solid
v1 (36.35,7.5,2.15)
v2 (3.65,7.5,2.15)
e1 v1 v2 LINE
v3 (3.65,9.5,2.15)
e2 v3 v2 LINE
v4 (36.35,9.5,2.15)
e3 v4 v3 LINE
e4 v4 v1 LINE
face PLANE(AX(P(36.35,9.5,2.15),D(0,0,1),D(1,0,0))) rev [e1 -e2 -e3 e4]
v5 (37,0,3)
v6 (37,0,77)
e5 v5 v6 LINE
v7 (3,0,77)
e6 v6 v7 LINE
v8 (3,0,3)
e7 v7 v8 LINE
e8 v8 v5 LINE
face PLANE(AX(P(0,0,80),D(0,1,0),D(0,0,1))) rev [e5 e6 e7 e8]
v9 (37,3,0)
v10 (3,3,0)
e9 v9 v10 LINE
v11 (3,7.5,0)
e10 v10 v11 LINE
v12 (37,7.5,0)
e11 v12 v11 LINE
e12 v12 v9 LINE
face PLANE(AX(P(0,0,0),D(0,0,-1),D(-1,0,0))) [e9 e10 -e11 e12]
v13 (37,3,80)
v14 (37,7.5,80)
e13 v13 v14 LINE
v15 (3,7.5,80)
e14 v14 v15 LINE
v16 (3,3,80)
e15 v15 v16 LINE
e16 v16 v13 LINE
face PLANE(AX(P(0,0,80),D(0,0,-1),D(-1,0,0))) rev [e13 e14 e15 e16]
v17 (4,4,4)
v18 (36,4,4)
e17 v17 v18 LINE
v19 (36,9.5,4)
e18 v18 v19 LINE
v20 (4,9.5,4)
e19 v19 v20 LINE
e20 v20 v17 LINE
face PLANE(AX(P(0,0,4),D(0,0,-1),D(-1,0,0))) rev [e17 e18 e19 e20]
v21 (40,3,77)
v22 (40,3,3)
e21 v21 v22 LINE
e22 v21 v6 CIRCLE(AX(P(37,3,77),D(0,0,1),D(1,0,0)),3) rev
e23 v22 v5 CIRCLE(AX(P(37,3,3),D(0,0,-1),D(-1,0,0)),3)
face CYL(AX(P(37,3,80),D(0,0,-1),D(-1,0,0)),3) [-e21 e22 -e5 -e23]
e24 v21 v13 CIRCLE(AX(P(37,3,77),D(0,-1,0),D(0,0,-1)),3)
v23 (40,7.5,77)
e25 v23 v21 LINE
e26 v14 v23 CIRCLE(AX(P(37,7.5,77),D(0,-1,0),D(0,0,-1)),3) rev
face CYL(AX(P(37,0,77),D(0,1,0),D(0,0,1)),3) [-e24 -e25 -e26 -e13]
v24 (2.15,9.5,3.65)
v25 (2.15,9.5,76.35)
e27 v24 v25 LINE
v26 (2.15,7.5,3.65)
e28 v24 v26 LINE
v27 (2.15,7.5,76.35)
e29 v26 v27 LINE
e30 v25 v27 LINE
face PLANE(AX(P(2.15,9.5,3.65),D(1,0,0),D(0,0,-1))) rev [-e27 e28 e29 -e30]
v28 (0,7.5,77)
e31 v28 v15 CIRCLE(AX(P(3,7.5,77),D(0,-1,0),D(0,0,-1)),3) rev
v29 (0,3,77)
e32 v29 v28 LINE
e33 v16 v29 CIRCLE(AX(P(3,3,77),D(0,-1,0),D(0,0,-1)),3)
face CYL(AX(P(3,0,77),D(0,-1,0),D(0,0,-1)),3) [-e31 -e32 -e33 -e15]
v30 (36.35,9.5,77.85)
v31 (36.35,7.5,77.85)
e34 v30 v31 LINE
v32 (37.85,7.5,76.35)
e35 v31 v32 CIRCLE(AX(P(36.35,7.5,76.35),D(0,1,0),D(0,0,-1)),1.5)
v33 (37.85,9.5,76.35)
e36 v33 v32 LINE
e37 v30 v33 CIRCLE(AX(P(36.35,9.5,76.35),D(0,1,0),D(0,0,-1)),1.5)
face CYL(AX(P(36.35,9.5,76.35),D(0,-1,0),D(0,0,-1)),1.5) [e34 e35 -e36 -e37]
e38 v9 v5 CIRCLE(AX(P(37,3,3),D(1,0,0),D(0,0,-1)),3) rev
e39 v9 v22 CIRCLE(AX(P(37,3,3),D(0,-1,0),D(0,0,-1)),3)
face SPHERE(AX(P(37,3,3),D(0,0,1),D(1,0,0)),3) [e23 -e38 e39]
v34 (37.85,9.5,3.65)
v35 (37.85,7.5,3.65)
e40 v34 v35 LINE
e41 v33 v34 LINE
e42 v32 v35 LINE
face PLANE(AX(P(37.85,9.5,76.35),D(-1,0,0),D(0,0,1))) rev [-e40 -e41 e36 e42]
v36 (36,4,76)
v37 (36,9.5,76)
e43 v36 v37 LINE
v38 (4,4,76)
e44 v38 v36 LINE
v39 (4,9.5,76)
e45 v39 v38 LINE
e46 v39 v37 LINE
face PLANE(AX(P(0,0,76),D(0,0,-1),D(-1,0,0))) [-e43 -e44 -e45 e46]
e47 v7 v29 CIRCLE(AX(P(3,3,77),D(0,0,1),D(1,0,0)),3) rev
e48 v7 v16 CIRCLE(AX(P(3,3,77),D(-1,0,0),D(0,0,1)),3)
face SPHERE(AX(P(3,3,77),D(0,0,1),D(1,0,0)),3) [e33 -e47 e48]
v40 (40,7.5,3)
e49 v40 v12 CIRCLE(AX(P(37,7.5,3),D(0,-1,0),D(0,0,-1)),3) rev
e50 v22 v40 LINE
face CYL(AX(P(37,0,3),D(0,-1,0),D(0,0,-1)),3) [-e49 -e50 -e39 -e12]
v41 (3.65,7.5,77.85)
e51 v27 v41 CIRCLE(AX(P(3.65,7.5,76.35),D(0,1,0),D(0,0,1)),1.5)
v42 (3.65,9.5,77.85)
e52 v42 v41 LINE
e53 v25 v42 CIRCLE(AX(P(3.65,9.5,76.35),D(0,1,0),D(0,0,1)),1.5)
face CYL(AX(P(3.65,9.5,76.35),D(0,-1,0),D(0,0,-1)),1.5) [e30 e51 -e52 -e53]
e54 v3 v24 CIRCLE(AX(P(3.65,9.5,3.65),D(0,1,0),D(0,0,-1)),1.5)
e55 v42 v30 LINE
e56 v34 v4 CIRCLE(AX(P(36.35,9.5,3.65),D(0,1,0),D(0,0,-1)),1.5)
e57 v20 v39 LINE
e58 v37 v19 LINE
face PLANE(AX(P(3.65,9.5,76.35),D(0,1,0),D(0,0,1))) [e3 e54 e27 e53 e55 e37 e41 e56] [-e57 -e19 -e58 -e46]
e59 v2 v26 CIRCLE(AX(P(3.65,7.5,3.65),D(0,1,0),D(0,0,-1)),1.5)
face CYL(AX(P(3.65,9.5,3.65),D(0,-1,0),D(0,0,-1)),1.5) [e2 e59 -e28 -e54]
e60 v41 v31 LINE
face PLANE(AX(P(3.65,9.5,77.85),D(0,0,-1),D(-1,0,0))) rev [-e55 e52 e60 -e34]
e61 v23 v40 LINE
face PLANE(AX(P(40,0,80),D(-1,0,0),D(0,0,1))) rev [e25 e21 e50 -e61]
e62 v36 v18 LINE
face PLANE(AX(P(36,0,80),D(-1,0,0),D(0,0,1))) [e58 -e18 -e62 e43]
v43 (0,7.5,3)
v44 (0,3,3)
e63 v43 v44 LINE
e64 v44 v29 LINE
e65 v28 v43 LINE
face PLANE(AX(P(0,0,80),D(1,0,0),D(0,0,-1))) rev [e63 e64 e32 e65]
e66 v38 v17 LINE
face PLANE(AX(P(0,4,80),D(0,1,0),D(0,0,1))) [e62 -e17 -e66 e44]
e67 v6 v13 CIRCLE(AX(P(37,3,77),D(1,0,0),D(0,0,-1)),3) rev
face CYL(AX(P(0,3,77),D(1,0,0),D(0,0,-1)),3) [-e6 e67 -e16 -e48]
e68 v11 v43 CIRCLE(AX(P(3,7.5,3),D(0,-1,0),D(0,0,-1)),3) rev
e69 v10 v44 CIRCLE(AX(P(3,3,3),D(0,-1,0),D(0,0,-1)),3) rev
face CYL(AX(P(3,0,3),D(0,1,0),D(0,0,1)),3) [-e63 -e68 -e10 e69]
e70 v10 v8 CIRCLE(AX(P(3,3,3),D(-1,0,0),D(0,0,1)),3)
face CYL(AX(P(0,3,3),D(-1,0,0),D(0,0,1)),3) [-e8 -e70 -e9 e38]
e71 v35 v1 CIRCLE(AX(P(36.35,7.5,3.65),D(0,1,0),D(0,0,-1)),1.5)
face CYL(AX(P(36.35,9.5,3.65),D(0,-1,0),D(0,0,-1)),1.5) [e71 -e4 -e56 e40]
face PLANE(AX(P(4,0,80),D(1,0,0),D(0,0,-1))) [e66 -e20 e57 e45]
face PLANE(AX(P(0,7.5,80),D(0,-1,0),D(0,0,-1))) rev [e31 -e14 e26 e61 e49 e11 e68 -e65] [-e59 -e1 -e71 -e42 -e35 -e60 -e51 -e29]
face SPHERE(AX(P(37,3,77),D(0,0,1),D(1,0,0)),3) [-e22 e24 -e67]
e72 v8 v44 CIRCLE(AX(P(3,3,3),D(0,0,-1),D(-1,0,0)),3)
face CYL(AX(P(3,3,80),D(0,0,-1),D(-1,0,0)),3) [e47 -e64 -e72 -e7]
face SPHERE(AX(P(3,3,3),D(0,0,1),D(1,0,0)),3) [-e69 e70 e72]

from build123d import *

# Parameters (mm, degrees)
SKETCH1_W           = 40
SKETCH1_H           = 7.5
BOSS_EXTRUDE1_DEPTH = 80
SHELL1_T            = -4
FILLET1_R           = 3
SKETCH2_W           = 32
SKETCH2_H           = 72
BOSS_EXTRUDE2_DEPTH = 2


with BuildPart() as part:
    # Sketch1 → Boss-Extrude1 (new body)
    with BuildSketch(Plane.XY):
        with Locations((20, 3.75)):
            Rectangle(SKETCH1_W, SKETCH1_H)
    extrude(amount=BOSS_EXTRUDE1_DEPTH)

    # Shell1
    shell1_openings = [part.faces().sort_by_distance(p)[0] for p in [
        (20, 7.5, 40),
    ]]
    offset(amount=SHELL1_T, openings=shell1_openings, kind=Kind.INTERSECTION)

    # Fillet1
    fillet1_edges = [part.edges().sort_by_distance(p)[0] for p in [
        (40, 3.75, 80),
        (0, 3.75, 80),
        (40, 3.75, 0),
        (20, 0, 0),
        (0, 3.75, 0),
        (40, 0, 40),
        (0, 0, 40),
        (20, 0, 80),
    ]]
    fillet(fillet1_edges, radius=FILLET1_R)

    # Sketch2 → Boss-Extrude2 (add)
    with BuildSketch(Plane(origin=(0, 7.5, 0), x_dir=(1, 0, 0), z_dir=(0, 1, 0))):
        with BuildLine():
            Line((3.65, -77.85), (36.35, -77.85))
            ThreePointArc((36.35, -77.85), (37.410660172, -77.410660172), (37.85, -76.35))
            Line((37.85, -76.35), (37.85, -3.65))
            ThreePointArc((37.85, -3.65), (37.410660172, -2.589339828), (36.35, -2.15))
            Line((36.35, -2.15), (3.65, -2.15))
            ThreePointArc((3.65, -2.15), (2.589339828, -2.589339828), (2.15, -3.65))
            Line((2.15, -3.65), (2.15, -76.35))
            ThreePointArc((2.15, -76.35), (2.589339828, -77.410660172), (3.65, -77.85))
        make_face()
        with Locations((20, -40)):
            Rectangle(SKETCH2_W, SKETCH2_H, mode=Mode.SUBTRACT)
    extrude(amount=BOSS_EXTRUDE2_DEPTH)


solid = part.part
